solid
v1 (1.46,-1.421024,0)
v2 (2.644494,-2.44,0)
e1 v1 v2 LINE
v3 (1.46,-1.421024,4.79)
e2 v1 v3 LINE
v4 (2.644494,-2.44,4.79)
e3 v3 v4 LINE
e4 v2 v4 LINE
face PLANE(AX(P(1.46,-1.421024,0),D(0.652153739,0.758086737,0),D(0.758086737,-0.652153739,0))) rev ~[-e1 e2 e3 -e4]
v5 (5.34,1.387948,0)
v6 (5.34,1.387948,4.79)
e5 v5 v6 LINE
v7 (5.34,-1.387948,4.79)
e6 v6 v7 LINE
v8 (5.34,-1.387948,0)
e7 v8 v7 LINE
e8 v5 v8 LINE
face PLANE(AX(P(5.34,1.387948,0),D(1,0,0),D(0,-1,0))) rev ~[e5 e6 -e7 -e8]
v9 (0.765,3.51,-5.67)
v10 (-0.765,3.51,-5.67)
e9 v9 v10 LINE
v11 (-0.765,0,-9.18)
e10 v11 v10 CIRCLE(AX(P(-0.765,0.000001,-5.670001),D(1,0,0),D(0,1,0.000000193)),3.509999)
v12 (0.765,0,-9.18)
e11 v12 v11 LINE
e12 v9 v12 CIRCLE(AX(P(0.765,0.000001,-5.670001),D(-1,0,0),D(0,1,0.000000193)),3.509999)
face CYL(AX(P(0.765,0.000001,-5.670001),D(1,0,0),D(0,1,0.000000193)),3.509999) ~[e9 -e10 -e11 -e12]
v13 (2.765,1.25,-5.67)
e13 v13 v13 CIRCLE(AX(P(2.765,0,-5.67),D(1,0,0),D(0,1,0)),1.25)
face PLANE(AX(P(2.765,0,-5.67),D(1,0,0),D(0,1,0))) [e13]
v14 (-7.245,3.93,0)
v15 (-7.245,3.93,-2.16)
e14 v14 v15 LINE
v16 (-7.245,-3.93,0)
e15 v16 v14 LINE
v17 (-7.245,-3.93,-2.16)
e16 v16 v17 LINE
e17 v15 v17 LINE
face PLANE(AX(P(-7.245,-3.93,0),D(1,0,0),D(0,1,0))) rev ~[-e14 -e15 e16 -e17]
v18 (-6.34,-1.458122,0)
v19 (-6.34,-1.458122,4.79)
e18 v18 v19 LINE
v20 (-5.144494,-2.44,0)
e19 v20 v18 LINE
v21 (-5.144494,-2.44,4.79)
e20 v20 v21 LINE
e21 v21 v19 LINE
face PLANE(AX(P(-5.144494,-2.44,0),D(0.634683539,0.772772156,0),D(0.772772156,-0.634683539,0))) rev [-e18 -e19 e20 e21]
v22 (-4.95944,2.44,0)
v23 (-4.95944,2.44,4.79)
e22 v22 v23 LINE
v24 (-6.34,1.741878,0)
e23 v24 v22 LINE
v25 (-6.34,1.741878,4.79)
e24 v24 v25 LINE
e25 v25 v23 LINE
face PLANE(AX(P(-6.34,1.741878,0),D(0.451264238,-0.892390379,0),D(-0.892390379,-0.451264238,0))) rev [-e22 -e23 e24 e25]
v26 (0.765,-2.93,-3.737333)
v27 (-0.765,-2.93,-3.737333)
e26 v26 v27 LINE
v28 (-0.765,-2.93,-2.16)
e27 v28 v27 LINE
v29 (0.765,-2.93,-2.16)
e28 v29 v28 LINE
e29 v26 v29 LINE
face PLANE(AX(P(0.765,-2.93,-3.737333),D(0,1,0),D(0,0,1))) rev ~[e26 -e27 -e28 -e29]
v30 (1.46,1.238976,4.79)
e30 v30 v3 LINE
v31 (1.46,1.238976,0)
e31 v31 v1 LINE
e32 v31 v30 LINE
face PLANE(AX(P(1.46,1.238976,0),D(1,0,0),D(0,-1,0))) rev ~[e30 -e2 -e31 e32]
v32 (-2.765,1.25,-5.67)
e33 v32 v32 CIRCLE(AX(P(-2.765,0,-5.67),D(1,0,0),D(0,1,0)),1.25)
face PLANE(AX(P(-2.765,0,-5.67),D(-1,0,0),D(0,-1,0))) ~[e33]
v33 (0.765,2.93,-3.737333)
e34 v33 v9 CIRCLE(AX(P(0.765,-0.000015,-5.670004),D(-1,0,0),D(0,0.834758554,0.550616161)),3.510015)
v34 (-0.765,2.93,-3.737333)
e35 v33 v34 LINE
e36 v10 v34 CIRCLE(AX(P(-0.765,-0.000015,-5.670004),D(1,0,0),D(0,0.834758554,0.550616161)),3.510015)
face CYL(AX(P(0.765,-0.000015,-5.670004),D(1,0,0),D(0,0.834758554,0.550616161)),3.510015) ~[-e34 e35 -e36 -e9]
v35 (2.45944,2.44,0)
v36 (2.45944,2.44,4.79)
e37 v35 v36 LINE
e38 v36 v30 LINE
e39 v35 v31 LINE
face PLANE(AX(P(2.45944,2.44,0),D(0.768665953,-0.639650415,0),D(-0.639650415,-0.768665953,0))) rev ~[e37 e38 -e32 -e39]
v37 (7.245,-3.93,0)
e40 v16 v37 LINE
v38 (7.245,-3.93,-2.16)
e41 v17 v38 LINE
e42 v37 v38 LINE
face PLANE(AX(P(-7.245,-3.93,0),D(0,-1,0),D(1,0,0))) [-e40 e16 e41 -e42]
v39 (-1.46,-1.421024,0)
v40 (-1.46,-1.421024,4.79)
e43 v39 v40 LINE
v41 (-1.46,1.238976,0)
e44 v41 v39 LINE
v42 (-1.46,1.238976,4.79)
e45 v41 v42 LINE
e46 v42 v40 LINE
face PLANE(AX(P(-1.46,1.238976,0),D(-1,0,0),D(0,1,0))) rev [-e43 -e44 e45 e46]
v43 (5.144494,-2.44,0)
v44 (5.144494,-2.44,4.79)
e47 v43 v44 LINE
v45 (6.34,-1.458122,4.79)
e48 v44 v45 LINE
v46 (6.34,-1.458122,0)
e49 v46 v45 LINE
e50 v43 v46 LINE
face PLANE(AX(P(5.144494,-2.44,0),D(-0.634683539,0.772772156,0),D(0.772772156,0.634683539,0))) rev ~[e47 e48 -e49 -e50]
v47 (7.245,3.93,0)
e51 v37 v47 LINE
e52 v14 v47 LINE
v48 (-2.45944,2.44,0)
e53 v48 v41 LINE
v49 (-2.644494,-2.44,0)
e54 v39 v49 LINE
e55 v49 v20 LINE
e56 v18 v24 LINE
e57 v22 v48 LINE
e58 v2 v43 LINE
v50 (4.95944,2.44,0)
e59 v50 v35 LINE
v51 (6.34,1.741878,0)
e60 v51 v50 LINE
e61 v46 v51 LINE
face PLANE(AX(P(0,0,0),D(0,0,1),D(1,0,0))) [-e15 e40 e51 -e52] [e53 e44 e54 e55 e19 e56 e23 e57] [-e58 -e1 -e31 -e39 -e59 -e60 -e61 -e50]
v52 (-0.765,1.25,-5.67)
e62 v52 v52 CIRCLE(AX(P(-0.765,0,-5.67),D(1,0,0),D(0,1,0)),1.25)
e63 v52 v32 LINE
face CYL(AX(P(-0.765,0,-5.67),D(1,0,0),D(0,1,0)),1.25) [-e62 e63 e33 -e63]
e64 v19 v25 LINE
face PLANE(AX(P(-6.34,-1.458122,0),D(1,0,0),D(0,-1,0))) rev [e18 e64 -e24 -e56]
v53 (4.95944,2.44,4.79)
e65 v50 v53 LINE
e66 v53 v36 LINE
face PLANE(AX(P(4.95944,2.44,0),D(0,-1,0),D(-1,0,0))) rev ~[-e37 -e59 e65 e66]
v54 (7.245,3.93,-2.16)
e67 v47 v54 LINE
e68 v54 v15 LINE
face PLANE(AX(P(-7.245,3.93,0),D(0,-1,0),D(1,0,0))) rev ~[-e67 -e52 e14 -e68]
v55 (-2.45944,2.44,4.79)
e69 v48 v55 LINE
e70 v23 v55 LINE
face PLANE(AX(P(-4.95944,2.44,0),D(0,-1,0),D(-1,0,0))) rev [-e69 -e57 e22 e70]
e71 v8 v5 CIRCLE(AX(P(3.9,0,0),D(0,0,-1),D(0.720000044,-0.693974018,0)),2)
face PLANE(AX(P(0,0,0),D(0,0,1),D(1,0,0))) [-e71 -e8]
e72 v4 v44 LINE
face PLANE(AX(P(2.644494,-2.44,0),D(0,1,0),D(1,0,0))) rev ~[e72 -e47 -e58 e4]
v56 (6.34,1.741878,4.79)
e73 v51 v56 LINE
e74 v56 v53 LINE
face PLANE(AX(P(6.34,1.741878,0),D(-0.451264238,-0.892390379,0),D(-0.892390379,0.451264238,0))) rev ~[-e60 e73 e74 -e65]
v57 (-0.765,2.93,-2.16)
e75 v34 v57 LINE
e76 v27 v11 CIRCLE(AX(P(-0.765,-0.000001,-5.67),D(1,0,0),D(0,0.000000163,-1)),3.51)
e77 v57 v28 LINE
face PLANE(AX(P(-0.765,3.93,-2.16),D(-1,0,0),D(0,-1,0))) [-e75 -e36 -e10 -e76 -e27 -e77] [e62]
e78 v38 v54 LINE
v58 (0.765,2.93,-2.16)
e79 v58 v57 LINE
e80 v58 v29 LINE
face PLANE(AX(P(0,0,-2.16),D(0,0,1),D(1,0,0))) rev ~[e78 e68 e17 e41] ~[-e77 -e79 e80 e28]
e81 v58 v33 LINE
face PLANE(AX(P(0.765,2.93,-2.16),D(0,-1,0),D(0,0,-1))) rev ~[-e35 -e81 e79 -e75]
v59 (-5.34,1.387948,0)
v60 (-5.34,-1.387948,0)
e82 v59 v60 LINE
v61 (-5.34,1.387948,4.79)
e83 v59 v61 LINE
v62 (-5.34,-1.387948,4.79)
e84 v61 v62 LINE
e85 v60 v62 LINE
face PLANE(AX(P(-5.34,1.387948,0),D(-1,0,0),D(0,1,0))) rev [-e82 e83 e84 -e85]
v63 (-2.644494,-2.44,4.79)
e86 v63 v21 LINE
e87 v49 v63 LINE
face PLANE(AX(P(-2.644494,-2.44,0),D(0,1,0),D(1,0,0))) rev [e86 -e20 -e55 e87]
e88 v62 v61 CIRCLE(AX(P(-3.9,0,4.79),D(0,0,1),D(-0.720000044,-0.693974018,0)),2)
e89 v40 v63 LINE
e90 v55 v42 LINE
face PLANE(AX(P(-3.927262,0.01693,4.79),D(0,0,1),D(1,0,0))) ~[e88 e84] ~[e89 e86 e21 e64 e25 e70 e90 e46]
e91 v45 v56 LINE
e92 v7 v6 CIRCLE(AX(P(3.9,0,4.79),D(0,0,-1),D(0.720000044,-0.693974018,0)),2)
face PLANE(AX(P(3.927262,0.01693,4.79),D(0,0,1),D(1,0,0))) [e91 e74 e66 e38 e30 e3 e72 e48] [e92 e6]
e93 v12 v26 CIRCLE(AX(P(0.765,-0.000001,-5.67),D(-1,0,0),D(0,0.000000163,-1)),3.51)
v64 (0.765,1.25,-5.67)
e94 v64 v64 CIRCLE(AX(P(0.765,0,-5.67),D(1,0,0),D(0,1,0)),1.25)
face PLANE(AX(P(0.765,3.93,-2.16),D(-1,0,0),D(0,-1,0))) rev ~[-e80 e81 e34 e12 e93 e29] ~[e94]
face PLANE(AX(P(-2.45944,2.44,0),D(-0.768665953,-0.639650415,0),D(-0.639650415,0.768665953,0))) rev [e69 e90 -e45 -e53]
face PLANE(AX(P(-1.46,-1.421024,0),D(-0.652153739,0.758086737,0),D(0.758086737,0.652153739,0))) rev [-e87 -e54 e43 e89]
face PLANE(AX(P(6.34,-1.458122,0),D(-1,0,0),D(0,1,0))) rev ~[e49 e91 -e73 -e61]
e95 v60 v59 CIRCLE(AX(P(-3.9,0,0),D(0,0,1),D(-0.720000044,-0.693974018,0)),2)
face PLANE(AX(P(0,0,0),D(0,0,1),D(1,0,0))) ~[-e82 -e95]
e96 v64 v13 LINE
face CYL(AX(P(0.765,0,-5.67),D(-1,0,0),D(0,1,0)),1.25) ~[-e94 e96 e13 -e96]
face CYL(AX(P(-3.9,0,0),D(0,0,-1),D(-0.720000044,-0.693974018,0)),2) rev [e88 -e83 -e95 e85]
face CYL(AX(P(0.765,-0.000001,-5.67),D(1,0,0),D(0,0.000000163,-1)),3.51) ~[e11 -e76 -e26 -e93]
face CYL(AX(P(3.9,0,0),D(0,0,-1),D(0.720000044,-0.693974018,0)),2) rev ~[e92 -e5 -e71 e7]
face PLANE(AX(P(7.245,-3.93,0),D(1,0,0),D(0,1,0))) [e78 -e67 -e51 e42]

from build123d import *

# Parameters (mm, degrees)
F0_W     = 14.49
F0_H     = 7.86
F1_DEPTH = 2.16
F2_W     = 1.53
F2_H     = 7.86
F3_DEPTH = 7.02
F5_DEPTH = 8.011
F4_R     = 1.25
F6_DEPTH = 2
F9_DEPTH = 4.79


with BuildPart() as f1:
    # F0 (on Top) → F1 (new body)
    with BuildSketch(Plane.XY):
        Rectangle(F0_W, F0_H)
    extrude(amount=-F1_DEPTH)

    # F2 (on face) → F3 (join)
    with BuildSketch(Plane(origin=(0, 0, -2.16), x_dir=(1, 0, 0), z_dir=(0, 0, -1))):
        Rectangle(F2_W, F2_H)
    extrude(amount=F3_DEPTH)

    # F4 (on face) → F5 (cut, through all)
    with BuildSketch(Plane.YZ.offset(0.765)):
        with BuildLine():
            Line((-3.93, -9.18), (0, -9.18))
            ThreePointArc((0, -9.18), (-3.090612, -7.333797), (-2.93, -3.737333))
            Line((-2.93, -3.737333), (-2.93, -2.16))
            Line((-2.93, -2.16), (-3.93, -2.16))
            Line((-3.93, -2.16), (-3.93, -9.18))
        make_face()
        with BuildLine():
            ThreePointArc((2.93, -3.737333), (3.361874, -4.66109), (3.51, -5.67))
            ThreePointArc((3.51, -5.67), (2.481945, -8.151945), (0, -9.18))
            Line((0, -9.18), (3.93, -9.18))
            Line((3.93, -9.18), (3.93, -2.16))
            Line((3.93, -2.16), (2.93, -2.16))
            Line((2.93, -2.16), (2.93, -3.737333))
        make_face()
    extrude(amount=-F5_DEPTH, mode=Mode.SUBTRACT)

    # F4 (on face) → F6 (join)
    with BuildSketch(Plane.YZ.offset(0.765)):
        with Locations((0, -5.67)):
            Circle(F4_R)
    extrude(amount=F6_DEPTH)

    # F7: F1 across plane


with BuildPart() as f1_1:
    add(f1.part)
    add(f1.part.mirror(Plane.YZ))

    # F8 (on face) → F9 (join)
    with BuildSketch(Plane.XY):
        Polygon((4.95944, 2.44), (2.45944, 2.44), (1.46, 1.238976), (1.46, -1.421024), (2.644494, -2.44), (5.144494, -2.44), (6.34, -1.458122), (6.34, 1.741878), align=None)
        with BuildLine():
            ThreePointArc((5.34, 1.387948), (5.754724, 0.748331), (5.9, 0))
            ThreePointArc((5.9, 0), (5.754724, -0.748331), (5.34, -1.387948))
            ThreePointArc((5.34, -1.387948), (1.9, 0), (5.34, 1.387948))
        make_face(mode=Mode.SUBTRACT)
        with BuildLine():
            ThreePointArc((5.34, -1.387948), (5.754724, -0.748331), (5.9, 0))
            ThreePointArc((5.9, 0), (5.754724, 0.748331), (5.34, 1.387948))
            Line((5.34, 1.387948), (5.34, -1.387948))
        make_face()
    extrude(amount=F9_DEPTH)

    # F10: F1 across plane


with BuildPart() as f1_2:
    add(f1_1.part)
    add(f1_1.part.mirror(Plane.YZ))


solid = f1_2.part
